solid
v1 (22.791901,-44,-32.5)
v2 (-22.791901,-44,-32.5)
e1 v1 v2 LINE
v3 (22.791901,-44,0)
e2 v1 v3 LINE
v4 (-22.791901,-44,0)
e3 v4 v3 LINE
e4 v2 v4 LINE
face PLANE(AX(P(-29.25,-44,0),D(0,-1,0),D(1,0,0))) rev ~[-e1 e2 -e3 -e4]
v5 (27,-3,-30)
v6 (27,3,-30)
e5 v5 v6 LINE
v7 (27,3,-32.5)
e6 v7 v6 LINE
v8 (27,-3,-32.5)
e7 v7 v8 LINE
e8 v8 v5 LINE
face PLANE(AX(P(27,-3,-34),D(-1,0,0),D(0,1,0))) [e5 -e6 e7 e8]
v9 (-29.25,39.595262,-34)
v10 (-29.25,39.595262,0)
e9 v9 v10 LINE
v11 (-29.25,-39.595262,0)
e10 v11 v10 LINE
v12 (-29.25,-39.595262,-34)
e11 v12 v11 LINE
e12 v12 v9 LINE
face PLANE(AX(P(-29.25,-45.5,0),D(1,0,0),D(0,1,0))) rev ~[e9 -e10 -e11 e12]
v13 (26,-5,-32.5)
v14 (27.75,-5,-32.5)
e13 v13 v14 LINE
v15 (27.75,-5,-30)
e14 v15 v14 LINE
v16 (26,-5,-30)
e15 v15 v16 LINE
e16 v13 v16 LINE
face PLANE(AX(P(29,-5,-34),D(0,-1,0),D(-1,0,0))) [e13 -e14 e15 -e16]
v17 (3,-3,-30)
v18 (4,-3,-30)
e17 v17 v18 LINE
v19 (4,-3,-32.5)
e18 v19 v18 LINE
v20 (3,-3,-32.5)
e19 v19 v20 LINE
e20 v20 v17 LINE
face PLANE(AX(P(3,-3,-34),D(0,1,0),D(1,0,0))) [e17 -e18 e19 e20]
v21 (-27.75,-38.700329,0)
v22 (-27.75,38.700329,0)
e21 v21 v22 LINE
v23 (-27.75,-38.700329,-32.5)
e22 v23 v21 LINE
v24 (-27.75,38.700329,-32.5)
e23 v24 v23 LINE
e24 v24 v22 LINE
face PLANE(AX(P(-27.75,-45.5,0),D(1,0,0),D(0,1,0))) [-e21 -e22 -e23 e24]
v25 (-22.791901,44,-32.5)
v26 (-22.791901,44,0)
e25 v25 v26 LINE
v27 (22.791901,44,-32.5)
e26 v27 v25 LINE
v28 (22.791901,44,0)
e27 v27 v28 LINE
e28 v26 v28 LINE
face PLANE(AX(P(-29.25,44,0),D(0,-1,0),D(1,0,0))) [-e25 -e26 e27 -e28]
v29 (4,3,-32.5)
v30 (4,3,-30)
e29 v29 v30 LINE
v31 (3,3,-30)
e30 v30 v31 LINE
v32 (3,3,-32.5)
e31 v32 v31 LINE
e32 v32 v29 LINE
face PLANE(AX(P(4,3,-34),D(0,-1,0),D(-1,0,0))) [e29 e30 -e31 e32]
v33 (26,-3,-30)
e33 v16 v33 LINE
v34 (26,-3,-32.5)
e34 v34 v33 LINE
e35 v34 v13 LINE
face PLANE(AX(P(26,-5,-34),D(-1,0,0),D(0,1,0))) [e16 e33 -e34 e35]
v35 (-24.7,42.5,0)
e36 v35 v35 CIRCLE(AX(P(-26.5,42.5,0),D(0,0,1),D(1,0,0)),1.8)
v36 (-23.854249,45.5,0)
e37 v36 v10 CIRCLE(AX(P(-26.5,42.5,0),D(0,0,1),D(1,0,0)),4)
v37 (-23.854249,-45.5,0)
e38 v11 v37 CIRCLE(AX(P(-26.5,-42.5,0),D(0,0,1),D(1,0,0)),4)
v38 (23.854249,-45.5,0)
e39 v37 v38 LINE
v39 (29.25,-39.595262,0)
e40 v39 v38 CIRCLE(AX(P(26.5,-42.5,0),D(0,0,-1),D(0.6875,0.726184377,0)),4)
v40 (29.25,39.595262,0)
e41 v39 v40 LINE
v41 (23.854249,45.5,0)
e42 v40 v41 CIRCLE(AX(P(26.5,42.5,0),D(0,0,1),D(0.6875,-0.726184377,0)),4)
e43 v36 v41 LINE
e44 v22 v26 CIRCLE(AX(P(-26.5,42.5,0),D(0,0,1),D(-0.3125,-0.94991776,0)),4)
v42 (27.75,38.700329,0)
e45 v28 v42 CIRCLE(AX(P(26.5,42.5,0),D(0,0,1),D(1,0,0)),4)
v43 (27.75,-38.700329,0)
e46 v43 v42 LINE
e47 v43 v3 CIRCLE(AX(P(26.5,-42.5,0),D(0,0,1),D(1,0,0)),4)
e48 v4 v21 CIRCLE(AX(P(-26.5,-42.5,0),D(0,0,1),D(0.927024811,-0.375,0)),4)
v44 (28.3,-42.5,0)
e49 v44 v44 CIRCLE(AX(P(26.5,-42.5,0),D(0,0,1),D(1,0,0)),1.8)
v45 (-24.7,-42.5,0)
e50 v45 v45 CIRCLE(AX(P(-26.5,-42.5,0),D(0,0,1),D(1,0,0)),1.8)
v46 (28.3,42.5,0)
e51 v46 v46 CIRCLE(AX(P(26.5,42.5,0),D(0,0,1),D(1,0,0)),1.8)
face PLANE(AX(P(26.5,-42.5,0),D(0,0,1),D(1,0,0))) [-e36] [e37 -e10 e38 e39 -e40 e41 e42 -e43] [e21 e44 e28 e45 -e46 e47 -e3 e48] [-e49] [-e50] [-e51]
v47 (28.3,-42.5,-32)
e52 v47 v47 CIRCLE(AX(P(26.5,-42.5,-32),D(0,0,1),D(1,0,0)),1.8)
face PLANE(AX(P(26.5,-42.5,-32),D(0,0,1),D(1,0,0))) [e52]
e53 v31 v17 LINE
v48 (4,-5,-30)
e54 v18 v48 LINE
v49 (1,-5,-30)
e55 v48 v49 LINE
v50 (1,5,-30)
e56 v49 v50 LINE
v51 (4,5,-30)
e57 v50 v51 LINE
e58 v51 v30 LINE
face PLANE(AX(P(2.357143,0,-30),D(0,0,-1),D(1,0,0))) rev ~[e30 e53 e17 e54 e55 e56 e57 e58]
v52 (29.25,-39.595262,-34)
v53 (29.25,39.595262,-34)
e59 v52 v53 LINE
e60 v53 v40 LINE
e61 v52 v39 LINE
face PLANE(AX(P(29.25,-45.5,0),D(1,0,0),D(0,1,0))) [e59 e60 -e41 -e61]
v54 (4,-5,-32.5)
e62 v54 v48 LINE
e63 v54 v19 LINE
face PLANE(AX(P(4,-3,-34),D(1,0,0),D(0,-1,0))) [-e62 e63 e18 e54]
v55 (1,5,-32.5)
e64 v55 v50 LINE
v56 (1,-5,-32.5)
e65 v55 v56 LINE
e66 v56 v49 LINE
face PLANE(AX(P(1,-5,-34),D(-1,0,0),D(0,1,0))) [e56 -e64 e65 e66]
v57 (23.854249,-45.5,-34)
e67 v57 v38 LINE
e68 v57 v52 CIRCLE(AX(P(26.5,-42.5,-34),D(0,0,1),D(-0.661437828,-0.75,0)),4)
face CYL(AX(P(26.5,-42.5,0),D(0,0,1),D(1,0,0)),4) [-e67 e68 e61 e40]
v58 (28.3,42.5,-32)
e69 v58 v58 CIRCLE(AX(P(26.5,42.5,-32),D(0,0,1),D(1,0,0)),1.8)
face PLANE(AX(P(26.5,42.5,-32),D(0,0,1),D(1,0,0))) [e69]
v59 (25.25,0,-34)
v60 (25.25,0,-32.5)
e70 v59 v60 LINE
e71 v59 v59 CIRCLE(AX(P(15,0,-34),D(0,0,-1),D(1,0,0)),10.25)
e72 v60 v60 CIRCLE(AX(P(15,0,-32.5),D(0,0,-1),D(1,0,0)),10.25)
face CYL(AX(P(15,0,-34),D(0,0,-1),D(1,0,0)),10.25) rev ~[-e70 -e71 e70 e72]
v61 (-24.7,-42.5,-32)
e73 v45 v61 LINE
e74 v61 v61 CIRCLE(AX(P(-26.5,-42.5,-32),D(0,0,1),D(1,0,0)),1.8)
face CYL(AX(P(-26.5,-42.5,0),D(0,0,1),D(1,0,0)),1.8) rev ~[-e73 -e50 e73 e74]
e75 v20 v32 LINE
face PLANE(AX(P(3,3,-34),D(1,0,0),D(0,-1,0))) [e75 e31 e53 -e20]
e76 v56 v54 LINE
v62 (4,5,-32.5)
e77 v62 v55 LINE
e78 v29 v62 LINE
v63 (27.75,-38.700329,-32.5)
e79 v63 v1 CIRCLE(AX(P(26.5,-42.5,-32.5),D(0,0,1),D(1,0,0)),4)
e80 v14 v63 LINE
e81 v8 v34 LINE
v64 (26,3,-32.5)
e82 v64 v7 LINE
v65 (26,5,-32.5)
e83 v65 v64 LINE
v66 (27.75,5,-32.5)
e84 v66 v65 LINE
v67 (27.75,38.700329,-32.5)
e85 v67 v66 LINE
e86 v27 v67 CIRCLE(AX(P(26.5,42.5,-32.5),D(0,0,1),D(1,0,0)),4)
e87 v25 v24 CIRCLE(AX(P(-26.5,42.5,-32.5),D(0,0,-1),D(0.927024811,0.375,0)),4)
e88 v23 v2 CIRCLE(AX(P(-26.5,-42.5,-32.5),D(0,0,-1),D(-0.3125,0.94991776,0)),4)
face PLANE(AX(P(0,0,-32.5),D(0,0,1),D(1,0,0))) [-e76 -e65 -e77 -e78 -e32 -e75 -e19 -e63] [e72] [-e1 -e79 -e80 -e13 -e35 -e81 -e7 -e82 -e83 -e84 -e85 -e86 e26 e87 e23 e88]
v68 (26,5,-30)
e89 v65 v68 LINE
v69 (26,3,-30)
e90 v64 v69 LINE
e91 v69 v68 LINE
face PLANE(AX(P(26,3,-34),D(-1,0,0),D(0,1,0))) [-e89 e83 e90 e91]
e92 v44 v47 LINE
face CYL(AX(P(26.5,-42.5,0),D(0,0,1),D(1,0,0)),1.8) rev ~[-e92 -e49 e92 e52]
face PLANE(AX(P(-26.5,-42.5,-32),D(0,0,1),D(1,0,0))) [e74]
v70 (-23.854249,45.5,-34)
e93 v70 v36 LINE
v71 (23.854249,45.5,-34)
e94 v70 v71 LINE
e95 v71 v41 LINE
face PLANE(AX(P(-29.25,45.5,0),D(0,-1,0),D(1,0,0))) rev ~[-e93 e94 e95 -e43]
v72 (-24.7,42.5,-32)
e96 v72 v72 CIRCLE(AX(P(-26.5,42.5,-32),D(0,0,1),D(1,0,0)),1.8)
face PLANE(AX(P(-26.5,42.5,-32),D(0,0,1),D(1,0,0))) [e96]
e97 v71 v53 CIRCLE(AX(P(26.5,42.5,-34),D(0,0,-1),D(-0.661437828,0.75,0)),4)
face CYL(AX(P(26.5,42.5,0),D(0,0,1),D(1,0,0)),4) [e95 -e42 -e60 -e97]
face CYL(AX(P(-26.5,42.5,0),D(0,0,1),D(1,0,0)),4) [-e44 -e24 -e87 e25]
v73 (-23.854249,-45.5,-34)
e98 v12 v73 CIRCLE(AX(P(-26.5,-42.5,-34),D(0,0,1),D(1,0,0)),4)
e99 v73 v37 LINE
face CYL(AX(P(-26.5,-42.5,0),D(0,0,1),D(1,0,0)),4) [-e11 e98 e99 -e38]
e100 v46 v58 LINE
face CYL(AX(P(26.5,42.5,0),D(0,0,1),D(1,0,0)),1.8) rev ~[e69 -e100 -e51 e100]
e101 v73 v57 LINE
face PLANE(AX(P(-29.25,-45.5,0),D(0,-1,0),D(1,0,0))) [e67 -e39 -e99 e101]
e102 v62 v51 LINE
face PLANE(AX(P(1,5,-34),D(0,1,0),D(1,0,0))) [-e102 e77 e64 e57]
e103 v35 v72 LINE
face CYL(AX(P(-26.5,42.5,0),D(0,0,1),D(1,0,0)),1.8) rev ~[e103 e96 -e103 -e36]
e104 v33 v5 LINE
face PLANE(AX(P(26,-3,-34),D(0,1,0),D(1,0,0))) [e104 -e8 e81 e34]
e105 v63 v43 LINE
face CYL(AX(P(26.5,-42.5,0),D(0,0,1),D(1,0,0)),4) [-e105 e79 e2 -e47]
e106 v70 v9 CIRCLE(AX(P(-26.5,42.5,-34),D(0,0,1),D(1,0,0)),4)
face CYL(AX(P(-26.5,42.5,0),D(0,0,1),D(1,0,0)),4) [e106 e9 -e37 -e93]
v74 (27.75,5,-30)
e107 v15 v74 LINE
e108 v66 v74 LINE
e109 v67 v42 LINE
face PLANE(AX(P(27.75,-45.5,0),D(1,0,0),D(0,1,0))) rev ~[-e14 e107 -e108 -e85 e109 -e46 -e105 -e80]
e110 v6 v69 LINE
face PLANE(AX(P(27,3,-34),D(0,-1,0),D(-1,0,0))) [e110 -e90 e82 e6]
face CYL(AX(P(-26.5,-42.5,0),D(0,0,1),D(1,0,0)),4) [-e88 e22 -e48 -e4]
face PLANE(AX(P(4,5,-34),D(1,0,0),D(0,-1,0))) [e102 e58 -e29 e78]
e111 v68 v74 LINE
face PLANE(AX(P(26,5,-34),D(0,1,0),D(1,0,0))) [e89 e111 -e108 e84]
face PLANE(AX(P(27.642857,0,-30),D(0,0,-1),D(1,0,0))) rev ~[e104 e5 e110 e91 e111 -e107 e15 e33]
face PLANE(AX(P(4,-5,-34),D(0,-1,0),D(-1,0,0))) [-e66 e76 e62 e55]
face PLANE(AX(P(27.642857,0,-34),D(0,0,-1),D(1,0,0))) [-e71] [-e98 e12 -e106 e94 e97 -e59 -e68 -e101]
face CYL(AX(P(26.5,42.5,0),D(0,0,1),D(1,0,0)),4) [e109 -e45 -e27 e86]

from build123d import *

# Parameters (mm, degrees)
F0_W      = 58.5
F0_H      = 91
F1_DEPTH  = 34
F2_T      = -1.5
F3_R      = 3
F4_R      = 2
F5_R      = 4
F6_DEPTH  = 34
F7_R      = 1.8
F8_DEPTH  = 32
F12_DEPTH = 4
F10_R     = 10.25
F13_DEPTH = 25


with BuildPart() as f1:
    # F0 (on Top) → F1 (new body)
    with BuildSketch(Plane.XY):
        Rectangle(F0_W, F0_H)
    extrude(amount=-F1_DEPTH)

    # F2
    f2_openings = [f1.faces().sort_by_distance(p)[0] for p in [
        (0, 0, 0),
    ]]
    offset(amount=F2_T, openings=f2_openings)

    # F3
    f3_edges = [f1.edges().sort_by_distance(p)[0] for p in [
        (-29.25, 45.5, -17),
        (29.25, 45.5, -17),
        (-29.25, -45.5, -17),
        (29.25, -45.5, -17),
    ]]
    fillet(f3_edges, radius=F3_R)

    # F4
    f4_edges = [f1.edges().sort_by_distance(p)[0] for p in [
        (-27.75, 44, -16.25),
        (-27.75, -44, -16.25),
        (27.75, -44, -16.25),
        (27.75, 44, -16.25),
    ]]
    fillet(f4_edges, radius=F4_R)

    # F5 (on face) → F6 (join)
    with BuildSketch(Plane.XY):
        with Locations((26.5, -42.5)):
            Circle(F5_R)
        with Locations((26.5, 42.5)):
            Circle(F5_R)
        with Locations((-26.5, 42.5)):
            Circle(F5_R)
        with Locations((-26.5, -42.5)):
            Circle(F5_R)
    extrude(amount=-F6_DEPTH)

    # F7 (on Top) → F8 (cut)
    with BuildSketch(Plane.XY):
        with Locations((26.5, -42.5)):
            Circle(F7_R)
        with Locations((26.5, 42.5)):
            Circle(F7_R)
        with Locations((-26.5, -42.5)):
            Circle(F7_R)
        with Locations((-26.5, 42.5)):
            Circle(F7_R)
    extrude(amount=-F8_DEPTH, mode=Mode.SUBTRACT)

    # F11 (on face) → F12 (join)
    with BuildSketch(Plane(origin=(0, 0, -34), x_dir=(1, 0, 0), z_dir=(0, 0, -1))):
        Polygon((26, -5), (29, -5), (29, 5), (26, 5), (26, 3), (27, 3), (27, -3), (26, -3), align=None)
        Polygon((1, 5), (1, -5), (4, -5), (4, -3), (3, -3), (3, 3), (4, 3), (4, 5), align=None)
    extrude(amount=-F12_DEPTH)

    # F10 (on face) → F13 (cut)
    with BuildSketch(Plane(origin=(0, 0, -34), x_dir=(1, 0, 0), z_dir=(0, 0, -1))):
        with Locations((15, 0)):
            Circle(F10_R)
    extrude(amount=-F13_DEPTH, mode=Mode.SUBTRACT)


solid = f1.part
